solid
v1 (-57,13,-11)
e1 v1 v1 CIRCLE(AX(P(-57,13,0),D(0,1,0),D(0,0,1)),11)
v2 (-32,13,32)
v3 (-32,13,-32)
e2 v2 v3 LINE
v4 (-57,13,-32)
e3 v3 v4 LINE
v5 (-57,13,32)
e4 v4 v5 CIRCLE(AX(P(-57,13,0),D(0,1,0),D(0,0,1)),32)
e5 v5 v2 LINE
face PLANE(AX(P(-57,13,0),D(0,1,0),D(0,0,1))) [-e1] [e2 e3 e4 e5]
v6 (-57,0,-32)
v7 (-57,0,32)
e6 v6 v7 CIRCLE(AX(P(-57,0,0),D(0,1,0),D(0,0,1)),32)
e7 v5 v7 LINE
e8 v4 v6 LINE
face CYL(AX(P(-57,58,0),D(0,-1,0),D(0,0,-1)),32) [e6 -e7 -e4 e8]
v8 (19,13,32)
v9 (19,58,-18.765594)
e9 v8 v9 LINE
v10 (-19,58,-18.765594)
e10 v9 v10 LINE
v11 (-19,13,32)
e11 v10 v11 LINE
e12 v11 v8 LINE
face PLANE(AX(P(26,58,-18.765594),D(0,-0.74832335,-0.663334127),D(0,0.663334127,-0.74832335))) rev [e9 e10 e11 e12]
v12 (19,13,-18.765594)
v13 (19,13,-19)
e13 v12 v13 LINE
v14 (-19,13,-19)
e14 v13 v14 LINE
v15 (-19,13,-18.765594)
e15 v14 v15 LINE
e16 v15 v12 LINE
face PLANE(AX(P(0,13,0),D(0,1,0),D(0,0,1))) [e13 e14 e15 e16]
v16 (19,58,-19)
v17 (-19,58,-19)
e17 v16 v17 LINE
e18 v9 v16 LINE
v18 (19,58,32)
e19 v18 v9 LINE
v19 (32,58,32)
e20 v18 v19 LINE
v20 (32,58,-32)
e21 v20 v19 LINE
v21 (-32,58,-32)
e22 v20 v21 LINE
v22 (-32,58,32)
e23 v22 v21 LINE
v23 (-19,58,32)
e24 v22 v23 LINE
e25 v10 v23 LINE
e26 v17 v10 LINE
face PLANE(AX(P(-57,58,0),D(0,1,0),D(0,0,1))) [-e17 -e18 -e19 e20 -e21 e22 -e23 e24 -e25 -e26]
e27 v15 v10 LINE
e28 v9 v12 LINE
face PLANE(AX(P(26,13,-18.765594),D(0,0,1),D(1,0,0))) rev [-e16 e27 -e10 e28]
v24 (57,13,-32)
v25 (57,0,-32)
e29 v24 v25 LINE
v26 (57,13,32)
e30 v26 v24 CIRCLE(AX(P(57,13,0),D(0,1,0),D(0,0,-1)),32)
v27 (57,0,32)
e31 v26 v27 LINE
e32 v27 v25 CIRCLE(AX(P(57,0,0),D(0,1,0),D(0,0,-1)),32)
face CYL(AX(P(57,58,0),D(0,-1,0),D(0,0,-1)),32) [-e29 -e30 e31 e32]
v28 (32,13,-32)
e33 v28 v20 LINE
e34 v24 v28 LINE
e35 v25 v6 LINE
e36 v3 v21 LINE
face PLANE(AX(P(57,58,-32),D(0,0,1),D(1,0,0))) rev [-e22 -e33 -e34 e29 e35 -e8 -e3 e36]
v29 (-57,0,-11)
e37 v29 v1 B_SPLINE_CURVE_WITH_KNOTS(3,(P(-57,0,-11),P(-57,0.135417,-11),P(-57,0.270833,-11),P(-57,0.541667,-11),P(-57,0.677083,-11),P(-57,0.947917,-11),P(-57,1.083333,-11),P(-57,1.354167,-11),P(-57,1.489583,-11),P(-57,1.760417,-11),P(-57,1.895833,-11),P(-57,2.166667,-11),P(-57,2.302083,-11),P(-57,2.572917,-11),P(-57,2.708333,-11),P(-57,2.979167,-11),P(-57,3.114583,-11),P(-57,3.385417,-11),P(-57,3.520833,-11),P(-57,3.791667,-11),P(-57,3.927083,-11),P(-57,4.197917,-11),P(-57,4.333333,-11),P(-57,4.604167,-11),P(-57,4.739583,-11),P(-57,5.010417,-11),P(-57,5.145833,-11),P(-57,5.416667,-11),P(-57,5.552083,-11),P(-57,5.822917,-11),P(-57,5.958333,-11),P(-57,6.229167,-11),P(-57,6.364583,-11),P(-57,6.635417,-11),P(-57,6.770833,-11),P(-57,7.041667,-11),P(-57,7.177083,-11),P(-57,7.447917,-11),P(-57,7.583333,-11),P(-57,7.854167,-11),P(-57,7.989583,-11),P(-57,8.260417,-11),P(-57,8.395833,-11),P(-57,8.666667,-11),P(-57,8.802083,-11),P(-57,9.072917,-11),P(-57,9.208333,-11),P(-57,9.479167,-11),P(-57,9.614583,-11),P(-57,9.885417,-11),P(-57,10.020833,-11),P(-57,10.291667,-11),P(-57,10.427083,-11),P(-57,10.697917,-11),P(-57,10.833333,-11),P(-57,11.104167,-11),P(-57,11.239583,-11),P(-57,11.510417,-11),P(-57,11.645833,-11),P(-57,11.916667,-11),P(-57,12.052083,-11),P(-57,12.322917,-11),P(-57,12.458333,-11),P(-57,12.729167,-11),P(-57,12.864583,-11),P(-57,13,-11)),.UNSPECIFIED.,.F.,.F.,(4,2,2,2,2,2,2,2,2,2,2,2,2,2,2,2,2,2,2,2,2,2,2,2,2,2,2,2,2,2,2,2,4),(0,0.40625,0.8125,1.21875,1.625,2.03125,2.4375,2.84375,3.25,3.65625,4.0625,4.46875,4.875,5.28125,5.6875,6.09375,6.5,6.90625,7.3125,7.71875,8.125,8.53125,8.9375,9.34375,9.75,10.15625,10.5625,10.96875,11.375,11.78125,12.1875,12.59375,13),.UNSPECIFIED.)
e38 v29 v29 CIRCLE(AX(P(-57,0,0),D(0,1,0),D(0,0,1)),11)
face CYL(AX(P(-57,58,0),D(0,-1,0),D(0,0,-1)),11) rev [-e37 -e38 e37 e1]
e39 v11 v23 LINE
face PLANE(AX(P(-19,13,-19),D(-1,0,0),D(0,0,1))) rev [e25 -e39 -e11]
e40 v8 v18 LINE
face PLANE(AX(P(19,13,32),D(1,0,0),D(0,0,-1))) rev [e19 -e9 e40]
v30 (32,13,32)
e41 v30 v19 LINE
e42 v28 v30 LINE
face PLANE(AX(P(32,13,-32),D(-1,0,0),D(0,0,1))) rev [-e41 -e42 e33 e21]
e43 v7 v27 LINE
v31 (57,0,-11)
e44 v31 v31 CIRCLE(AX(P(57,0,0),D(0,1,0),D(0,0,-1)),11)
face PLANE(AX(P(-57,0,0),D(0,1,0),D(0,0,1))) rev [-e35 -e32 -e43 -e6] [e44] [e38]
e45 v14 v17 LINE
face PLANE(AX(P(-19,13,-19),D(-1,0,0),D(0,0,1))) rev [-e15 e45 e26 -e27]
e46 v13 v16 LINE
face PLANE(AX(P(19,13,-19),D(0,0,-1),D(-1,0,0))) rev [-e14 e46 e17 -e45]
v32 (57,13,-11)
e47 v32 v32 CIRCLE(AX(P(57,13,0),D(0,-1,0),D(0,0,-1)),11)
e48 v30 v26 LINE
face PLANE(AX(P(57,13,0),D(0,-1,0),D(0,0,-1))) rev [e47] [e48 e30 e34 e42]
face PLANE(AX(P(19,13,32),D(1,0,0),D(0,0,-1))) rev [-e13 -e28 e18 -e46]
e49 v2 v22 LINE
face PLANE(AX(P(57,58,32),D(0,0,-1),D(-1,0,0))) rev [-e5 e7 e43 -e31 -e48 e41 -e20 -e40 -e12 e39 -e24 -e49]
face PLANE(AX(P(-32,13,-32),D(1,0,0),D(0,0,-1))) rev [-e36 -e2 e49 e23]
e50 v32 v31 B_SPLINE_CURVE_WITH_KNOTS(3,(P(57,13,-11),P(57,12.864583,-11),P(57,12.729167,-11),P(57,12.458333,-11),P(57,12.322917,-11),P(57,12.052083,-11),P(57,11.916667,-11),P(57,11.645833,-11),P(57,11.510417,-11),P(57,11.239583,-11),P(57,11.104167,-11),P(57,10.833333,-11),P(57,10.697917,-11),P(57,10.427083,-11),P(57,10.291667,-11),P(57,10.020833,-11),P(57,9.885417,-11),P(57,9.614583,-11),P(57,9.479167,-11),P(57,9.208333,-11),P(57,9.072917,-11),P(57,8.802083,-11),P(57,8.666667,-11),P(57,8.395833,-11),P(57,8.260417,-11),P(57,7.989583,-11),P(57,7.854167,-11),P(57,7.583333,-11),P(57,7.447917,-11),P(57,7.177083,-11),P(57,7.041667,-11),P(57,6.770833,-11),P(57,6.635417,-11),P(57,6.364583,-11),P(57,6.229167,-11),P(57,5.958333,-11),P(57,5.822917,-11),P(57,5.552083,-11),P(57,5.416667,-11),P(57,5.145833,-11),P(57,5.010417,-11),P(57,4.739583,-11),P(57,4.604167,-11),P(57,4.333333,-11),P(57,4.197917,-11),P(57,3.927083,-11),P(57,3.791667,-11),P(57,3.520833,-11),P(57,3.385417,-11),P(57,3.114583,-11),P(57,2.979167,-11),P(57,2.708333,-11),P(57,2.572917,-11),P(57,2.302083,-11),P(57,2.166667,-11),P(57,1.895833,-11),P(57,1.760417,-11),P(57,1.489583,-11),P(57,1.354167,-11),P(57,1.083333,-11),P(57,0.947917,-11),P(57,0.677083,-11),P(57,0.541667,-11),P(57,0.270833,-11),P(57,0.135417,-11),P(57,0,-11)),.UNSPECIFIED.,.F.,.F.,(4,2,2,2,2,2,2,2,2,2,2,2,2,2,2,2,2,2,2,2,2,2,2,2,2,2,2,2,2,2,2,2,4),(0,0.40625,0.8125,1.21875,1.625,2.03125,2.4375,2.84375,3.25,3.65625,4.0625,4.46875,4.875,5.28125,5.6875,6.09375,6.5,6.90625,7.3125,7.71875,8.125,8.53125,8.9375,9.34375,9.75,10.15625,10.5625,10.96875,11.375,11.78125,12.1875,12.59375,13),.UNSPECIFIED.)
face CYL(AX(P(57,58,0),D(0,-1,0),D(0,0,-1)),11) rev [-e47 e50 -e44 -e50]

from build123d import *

# Parameters (mm, degrees)
SKETCH2_R           = 11
BOSS_EXTRUDE1_DEPTH = 58
CUT_EXTRUDE1_START  = -45
CUT_EXTRUDE1_DEPTH  = 45
SKETCH4_W           = 38
SKETCH4_H           = 51
CUT_EXTRUDE7_DEPTH  = 45
BOSS_EXTRUDE2_DEPTH = 45


with BuildPart() as part:
    # Sketch2 → Boss-Extrude1 (new body)
    with BuildSketch(Plane(origin=(0, 0, 0), x_dir=(1, 0, 0), z_dir=(0, 1, 0))):
        with BuildLine():
            Line((57, 32), (-57, 32))
            ThreePointArc((-57, 32), (-89, 0), (-57, -32))
            Line((-57, -32), (57, -32))
            ThreePointArc((57, -32), (89, 0), (57, 32))
        make_face()
        with Locations(Location((-57, 0, 0), (0, 0, 90))):
            Circle(SKETCH2_R, mode=Mode.SUBTRACT)
        with Locations(Location((57, 0, 0), (0, 0, 90))):
            Circle(SKETCH2_R, mode=Mode.SUBTRACT)
    extrude(amount=BOSS_EXTRUDE1_DEPTH)

    # Sketch3 → Cut-Extrude1 (cut)
    with BuildSketch(Plane(origin=(0, 58, 0), x_dir=(1, 0, 0), z_dir=(0, 1, 0)).offset(CUT_EXTRUDE1_START)):
        with BuildLine():
            Line((-32, 32), (-32, -32))
            Line((-32, -32), (-57, -32))
            ThreePointArc((-57, -32), (-89, 0), (-57, 32))
            Line((-57, 32), (-32, 32))
        make_face()
        with BuildLine():
            Line((32, 32), (32, -32))
            Line((32, -32), (57, -32))
            ThreePointArc((57, -32), (89, 0), (57, 32))
            Line((57, 32), (32, 32))
        make_face()
    extrude(amount=CUT_EXTRUDE1_DEPTH, mode=Mode.SUBTRACT)

    # Sketch4 → Cut-Extrude7 (cut)
    with BuildSketch(Plane(origin=(0, 58, 0), x_dir=(1, 0, 0), z_dir=(0, 1, 0))):
        with Locations((0, -6.5)):
            Rectangle(SKETCH4_W, SKETCH4_H)
    extrude(amount=-CUT_EXTRUDE7_DEPTH, mode=Mode.SUBTRACT)

    # Sketch6 → Boss-Extrude2 (add)
    with BuildSketch(Plane(origin=(-19, 0, 0), x_dir=(0, 0, -1), z_dir=(1, 0, 0))):
        Polygon((18.765593609, 58), (-32, 13), (18.765593609, 13), align=None)
    extrude(amount=BOSS_EXTRUDE2_DEPTH)


solid = part.part
